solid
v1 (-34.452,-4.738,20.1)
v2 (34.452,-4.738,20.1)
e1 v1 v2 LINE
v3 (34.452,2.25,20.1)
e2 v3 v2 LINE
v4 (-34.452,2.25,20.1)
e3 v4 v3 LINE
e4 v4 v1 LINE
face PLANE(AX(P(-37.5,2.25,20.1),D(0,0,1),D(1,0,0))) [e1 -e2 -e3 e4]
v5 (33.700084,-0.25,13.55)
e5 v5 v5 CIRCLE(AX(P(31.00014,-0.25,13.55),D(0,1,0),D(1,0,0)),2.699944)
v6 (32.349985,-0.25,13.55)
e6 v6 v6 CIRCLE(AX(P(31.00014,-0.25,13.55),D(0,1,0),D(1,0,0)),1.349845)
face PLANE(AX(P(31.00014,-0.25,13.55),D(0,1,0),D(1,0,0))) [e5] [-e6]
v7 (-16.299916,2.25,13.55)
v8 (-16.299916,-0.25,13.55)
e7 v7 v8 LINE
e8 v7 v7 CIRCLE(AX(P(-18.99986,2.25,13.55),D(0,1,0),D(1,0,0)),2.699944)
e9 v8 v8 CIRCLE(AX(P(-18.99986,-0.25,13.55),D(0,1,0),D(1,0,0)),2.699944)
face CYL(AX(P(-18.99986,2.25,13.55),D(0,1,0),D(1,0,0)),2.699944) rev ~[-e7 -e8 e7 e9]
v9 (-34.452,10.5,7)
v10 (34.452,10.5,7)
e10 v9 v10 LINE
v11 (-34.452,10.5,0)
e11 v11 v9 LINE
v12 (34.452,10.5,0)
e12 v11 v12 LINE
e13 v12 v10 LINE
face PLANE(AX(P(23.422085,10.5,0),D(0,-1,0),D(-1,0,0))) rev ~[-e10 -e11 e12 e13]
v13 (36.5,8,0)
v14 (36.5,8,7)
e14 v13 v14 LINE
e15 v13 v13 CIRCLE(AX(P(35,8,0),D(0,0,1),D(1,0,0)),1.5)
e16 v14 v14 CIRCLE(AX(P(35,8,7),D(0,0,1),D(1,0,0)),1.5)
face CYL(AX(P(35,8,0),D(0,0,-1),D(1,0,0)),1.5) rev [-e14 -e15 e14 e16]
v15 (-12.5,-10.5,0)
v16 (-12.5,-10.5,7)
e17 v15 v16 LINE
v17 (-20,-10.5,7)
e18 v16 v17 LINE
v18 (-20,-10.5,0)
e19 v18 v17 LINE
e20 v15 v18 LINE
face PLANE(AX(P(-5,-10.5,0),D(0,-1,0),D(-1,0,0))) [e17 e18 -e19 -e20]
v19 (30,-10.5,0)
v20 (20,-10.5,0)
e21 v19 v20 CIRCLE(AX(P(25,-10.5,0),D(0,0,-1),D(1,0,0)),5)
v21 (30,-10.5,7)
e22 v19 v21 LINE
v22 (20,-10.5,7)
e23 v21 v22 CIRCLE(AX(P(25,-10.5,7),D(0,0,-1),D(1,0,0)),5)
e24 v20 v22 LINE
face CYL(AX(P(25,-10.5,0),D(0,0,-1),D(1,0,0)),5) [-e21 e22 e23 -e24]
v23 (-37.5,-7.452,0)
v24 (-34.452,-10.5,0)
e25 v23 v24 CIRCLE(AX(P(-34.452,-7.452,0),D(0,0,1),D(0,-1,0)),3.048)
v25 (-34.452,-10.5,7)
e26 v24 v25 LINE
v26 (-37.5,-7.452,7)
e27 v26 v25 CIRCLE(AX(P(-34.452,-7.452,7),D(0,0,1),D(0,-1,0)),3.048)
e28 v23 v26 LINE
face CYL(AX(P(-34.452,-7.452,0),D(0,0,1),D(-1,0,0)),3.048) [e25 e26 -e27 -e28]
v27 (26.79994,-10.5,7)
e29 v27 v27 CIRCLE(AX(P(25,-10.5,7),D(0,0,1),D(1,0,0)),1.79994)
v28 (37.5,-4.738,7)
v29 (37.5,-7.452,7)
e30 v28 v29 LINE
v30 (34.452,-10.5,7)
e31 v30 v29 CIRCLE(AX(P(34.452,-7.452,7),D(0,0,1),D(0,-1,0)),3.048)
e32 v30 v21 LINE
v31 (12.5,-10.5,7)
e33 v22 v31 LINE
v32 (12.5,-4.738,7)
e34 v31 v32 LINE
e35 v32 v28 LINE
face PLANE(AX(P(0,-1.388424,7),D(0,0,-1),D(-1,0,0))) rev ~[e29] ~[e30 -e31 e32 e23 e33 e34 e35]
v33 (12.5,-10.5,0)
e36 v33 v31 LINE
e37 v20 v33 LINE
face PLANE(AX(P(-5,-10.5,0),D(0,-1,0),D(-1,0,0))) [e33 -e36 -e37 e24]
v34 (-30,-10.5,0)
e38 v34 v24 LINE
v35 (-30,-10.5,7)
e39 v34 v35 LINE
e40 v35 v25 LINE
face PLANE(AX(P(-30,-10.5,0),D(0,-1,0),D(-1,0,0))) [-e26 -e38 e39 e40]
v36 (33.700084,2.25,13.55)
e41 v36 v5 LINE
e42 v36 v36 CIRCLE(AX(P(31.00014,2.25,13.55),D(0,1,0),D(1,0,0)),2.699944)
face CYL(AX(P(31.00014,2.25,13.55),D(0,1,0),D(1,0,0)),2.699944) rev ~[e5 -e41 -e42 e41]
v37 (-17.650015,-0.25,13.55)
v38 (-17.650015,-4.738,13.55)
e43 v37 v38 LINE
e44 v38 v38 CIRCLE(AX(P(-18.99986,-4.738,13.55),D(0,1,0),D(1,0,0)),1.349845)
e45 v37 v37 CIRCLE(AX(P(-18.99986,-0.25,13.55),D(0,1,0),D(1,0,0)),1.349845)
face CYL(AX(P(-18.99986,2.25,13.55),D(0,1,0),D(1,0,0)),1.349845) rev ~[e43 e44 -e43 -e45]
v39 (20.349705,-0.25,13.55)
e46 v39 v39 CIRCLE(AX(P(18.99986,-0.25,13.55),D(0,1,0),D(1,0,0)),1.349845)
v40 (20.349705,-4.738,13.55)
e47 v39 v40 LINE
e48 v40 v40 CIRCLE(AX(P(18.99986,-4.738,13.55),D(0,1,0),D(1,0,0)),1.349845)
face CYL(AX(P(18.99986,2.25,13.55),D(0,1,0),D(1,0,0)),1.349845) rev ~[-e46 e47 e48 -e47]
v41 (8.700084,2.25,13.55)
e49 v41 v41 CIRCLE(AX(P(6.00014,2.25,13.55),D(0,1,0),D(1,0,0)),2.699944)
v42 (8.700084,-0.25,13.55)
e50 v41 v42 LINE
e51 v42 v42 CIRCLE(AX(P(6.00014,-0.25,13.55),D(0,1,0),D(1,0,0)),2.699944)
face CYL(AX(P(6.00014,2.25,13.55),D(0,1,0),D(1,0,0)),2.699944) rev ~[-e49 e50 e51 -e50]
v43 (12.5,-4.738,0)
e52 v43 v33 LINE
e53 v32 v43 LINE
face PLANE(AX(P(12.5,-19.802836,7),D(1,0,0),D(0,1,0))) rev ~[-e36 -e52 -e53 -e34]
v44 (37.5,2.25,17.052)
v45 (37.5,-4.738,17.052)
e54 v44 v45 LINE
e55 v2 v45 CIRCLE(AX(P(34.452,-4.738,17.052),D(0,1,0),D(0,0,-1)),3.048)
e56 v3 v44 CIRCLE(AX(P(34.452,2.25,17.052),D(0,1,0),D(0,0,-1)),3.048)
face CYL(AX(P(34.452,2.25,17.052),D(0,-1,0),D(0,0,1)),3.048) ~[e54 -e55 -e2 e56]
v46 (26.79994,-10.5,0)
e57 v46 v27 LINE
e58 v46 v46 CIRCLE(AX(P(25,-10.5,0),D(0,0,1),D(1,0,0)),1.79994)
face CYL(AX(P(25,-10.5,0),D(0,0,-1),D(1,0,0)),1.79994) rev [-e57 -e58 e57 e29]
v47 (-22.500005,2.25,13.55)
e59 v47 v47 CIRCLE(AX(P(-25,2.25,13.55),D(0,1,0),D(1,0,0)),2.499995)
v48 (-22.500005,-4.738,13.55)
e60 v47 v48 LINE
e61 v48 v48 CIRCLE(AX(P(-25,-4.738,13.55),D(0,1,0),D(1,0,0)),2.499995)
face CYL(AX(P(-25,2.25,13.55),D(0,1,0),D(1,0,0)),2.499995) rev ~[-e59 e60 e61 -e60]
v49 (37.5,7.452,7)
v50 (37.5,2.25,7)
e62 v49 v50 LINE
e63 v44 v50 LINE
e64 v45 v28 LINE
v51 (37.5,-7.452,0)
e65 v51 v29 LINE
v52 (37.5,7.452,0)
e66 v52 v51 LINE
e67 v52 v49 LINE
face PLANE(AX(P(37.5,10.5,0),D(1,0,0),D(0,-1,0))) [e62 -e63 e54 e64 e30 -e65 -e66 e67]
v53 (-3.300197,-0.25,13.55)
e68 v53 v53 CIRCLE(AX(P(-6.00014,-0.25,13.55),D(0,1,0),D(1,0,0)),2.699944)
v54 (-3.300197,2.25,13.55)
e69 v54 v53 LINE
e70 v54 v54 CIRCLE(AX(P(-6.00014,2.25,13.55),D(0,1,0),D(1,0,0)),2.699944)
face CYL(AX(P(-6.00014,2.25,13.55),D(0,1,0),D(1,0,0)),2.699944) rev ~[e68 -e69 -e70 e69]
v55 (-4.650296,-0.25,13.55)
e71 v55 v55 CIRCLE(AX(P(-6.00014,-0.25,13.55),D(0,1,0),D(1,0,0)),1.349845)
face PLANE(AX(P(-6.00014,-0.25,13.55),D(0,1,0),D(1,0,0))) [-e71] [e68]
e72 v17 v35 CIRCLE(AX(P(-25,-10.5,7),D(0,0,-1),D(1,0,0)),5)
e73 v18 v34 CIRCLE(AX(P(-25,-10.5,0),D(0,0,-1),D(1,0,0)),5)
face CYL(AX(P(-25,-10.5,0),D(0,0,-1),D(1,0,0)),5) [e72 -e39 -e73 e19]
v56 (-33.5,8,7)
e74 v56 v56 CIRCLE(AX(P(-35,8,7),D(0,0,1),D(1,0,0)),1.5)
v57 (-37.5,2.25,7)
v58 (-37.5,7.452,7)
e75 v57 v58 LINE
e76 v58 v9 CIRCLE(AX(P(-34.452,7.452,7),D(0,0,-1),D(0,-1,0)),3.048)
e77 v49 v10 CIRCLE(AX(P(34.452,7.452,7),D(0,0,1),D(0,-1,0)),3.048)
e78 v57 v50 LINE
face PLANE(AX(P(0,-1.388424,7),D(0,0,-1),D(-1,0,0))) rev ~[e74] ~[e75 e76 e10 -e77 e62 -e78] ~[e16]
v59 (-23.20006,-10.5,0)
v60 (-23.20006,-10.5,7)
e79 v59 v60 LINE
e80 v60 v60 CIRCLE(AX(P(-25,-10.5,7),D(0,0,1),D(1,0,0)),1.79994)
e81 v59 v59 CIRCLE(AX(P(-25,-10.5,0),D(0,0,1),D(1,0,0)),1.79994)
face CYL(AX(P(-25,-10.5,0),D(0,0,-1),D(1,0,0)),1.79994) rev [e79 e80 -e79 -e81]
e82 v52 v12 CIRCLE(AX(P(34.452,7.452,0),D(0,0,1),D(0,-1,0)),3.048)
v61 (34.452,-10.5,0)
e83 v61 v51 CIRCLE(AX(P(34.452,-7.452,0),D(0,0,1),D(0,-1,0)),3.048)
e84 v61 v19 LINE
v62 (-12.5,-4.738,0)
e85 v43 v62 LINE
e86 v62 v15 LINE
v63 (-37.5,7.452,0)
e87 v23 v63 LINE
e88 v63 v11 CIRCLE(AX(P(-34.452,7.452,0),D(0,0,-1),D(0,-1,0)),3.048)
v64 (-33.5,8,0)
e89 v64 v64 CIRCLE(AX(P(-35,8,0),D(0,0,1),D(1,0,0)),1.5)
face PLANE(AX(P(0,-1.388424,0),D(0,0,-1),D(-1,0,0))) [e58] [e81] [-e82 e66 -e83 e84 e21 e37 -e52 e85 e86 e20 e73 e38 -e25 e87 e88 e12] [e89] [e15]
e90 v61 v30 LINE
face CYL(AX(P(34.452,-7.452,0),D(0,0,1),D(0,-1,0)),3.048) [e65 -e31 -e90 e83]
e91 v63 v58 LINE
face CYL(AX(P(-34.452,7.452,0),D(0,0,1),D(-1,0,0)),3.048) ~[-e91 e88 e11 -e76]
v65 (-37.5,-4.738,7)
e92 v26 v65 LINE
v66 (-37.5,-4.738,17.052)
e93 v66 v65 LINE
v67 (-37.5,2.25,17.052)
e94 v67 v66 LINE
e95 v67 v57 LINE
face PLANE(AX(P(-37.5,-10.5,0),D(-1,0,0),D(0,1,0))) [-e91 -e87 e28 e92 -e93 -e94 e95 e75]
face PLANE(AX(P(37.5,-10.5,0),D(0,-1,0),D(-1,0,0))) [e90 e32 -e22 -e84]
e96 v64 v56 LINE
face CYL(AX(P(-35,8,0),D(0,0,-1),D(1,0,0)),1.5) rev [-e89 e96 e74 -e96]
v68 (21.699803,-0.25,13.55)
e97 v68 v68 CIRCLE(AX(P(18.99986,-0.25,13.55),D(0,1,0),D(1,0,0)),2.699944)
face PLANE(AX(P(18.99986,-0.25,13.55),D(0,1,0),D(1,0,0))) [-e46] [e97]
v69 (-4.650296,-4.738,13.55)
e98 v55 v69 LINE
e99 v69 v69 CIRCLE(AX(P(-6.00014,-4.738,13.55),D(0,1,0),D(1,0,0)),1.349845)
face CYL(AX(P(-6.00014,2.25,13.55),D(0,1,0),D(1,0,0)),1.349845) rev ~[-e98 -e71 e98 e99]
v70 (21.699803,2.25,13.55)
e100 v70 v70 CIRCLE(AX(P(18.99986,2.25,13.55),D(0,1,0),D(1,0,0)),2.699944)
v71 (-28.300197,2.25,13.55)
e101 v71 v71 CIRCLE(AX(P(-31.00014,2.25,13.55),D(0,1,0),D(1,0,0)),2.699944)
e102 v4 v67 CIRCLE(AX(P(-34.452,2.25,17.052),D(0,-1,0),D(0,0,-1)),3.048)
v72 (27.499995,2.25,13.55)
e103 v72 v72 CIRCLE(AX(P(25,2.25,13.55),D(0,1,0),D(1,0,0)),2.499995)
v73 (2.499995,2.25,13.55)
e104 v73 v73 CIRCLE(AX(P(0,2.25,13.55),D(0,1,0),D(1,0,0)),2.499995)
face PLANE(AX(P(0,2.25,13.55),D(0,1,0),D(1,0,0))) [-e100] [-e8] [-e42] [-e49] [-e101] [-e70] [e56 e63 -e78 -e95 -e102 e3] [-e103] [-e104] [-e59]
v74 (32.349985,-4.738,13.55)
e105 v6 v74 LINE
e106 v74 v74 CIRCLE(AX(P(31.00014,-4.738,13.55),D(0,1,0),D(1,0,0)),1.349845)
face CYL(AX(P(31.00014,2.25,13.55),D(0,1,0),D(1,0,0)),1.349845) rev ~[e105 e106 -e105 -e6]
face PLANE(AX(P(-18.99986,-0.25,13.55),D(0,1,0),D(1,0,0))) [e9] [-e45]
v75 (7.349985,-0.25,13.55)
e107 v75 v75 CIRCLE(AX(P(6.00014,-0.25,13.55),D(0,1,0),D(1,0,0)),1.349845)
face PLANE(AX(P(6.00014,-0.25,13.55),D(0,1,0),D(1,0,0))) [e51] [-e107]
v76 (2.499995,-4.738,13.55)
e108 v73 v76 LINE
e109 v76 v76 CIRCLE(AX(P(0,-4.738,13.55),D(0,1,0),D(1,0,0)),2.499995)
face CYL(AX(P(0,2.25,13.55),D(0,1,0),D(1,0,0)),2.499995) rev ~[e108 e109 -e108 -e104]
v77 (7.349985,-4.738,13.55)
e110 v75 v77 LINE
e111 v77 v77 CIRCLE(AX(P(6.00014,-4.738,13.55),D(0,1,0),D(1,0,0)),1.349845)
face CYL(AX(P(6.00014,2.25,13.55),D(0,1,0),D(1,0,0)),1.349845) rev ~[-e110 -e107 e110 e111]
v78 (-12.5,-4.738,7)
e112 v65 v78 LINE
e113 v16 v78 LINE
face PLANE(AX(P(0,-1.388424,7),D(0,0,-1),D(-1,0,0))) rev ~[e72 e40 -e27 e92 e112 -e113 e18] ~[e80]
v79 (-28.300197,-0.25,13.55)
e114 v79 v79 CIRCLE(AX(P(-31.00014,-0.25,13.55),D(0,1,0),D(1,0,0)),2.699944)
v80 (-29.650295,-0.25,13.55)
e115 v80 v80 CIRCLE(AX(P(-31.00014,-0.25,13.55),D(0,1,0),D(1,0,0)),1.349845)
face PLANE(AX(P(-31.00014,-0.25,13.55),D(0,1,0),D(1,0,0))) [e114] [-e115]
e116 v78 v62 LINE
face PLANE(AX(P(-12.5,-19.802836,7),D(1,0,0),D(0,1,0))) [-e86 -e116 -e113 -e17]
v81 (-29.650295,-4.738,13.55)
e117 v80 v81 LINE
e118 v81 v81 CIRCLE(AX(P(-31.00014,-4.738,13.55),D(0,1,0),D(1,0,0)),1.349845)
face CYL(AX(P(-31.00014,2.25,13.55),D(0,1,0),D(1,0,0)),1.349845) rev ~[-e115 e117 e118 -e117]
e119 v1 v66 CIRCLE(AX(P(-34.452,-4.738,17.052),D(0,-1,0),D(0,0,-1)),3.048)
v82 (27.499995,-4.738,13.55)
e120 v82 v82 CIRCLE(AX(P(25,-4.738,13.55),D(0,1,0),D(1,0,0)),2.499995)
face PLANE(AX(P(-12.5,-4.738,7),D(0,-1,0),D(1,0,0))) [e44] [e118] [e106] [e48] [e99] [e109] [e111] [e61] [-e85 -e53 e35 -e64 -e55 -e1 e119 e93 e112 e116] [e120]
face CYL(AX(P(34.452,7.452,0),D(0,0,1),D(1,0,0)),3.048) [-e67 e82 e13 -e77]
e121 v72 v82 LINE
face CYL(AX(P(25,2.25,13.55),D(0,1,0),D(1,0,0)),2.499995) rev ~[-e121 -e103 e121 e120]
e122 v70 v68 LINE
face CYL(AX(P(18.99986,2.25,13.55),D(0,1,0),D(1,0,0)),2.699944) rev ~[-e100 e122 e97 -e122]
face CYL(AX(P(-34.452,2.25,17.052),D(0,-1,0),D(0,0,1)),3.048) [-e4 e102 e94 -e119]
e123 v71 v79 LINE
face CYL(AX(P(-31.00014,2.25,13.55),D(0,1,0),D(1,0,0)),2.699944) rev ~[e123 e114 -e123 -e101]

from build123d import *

# Parameters (mm, degrees)
SKETCH1_R           = 1.79994
SKETCH1_R_2         = 1.5
BOSS_EXTRUDE1_DEPTH = 7
SKETCH2_W           = 75
SKETCH2_H           = 13.099999962
SKETCH2_R           = 2.6999438
SKETCH2_R_2         = 2.499995
SKETCH2_R_3         = 1.3498449
BOSS_EXTRUDE2_DEPTH = 6.987999994
SKETCH2_3_R         = 2.6999438
SKETCH2_3_R_2       = 1.3498449
CUT_EXTRUDE1_DEPTH  = 2.5
SKETCH7_W           = 45.754771374
SKETCH7_H           = 7.378762064
SKETCH7_W_2         = 5.75825354
SKETCH7_H_2         = 4.98011117
BOSS_EXTRUDE4_DEPTH = 7
SKETCH8_W           = 15.938133918
SKETCH8_H           = 10.613167284
CUT_EXTRUDE3_DEPTH  = 21.288
FILLET3_R           = 3.048
SKETCH4_W           = 25
SKETCH4_H           = 15.064836289
CUT_EXTRUDE2_DEPTH  = 38.822


with BuildPart() as part:
    # Sketch1 → Boss-Extrude1 (new body)
    with BuildSketch(Plane.XY):
        with BuildLine():
            Line((37.5, -10.5), (30, -10.5))
            ThreePointArc((30, -10.5), (25, -15.5), (20, -10.5))
            Line((20, -10.5), (5, -10.5))
            ThreePointArc((5, -10.5), (0, -15.5), (-5, -10.5))
            Line((-5, -10.5), (-20, -10.5))
            ThreePointArc((-20, -10.5), (-25, -15.5), (-30, -10.5))
            Line((-30, -10.5), (-37.5, -10.5))
            Line((-37.5, -10.5), (-37.5, 10.5))
            Line((-37.5, 10.5), (37.5, 10.5))
            Line((37.5, 10.5), (37.5, -10.5))
        make_face()
        with Locations((-25, -10.5)):
            Circle(SKETCH1_R, mode=Mode.SUBTRACT)
        with Locations((0, -10.5)):
            Circle(SKETCH1_R, mode=Mode.SUBTRACT)
        with Locations((25, -10.5)):
            Circle(SKETCH1_R, mode=Mode.SUBTRACT)
        with Locations((-35, 8)):
            Circle(SKETCH1_R_2, mode=Mode.SUBTRACT)
        with Locations((-15, 8)):
            Circle(SKETCH1_R_2, mode=Mode.SUBTRACT)
        with Locations((-10, 8)):
            Circle(SKETCH1_R_2, mode=Mode.SUBTRACT)
        with Locations((10, 8)):
            Circle(SKETCH1_R_2, mode=Mode.SUBTRACT)
        with Locations((35, 8)):
            Circle(SKETCH1_R_2, mode=Mode.SUBTRACT)
        with Locations((15, 8)):
            Circle(SKETCH1_R_2, mode=Mode.SUBTRACT)
    extrude(amount=BOSS_EXTRUDE1_DEPTH)

    # Sketch2 → Boss-Extrude2 (add)
    with BuildSketch(Plane(origin=(0, 2.24999999, 0), x_dir=(1, 0, 0), z_dir=(0, 1, 0))):
        with Locations((0, -13.549999981)):
            Rectangle(SKETCH2_W, SKETCH2_H)
        with Locations((31.0001404, -13.549999981)):
            Circle(SKETCH2_R, mode=Mode.SUBTRACT)
        with Locations((-31.0001404, -13.549999981)):
            Circle(SKETCH2_R, mode=Mode.SUBTRACT)
        with Locations((-25, -13.549999981)):
            Circle(SKETCH2_R_2, mode=Mode.SUBTRACT)
        with Locations((-6.0001404, -13.549999981)):
            Circle(SKETCH2_R, mode=Mode.SUBTRACT)
        with Locations((6.0001404, -13.549999981)):
            Circle(SKETCH2_R, mode=Mode.SUBTRACT)
        with Locations((0, -13.549999981)):
            Circle(SKETCH2_R_2, mode=Mode.SUBTRACT)
        with Locations((-18.9998596, -13.549999981)):
            Circle(SKETCH2_R, mode=Mode.SUBTRACT)
        with Locations((25, -13.549999981)):
            Circle(SKETCH2_R_2, mode=Mode.SUBTRACT)
        with Locations((18.9998596, -13.549999981)):
            Circle(SKETCH2_R, mode=Mode.SUBTRACT)
        with Locations((-31.0001404, -13.549999981)):
            Circle(SKETCH2_R)
        with Locations((-31.0001404, -13.549999981)):
            Circle(SKETCH2_R_3, mode=Mode.SUBTRACT)
        with Locations((-18.9998596, -13.549999981)):
            Circle(SKETCH2_R)
        with Locations((-18.9998596, -13.549999981)):
            Circle(SKETCH2_R_3, mode=Mode.SUBTRACT)
        with Locations((-6.0001404, -13.549999981)):
            Circle(SKETCH2_R)
        with Locations((-6.0001404, -13.549999981)):
            Circle(SKETCH2_R_3, mode=Mode.SUBTRACT)
        with Locations((6.0001404, -13.549999981)):
            Circle(SKETCH2_R)
        with Locations((6.0001404, -13.549999981)):
            Circle(SKETCH2_R_3, mode=Mode.SUBTRACT)
        with Locations((18.9998596, -13.549999981)):
            Circle(SKETCH2_R)
        with Locations((18.9998596, -13.549999981)):
            Circle(SKETCH2_R_3, mode=Mode.SUBTRACT)
        with Locations((31.0001404, -13.549999981)):
            Circle(SKETCH2_R)
        with Locations((31.0001404, -13.549999981)):
            Circle(SKETCH2_R_3, mode=Mode.SUBTRACT)
    extrude(amount=-BOSS_EXTRUDE2_DEPTH)

    # Sketch2<3> → Cut-Extrude1 (cut)
    with BuildSketch(Plane(origin=(0, 2.24999999, 0), x_dir=(1, 0, 0), z_dir=(0, 1, 0))):
        with Locations((-31.0001404, -13.549999981)):
            Circle(SKETCH2_3_R)
        with Locations((-31.0001404, -13.549999981)):
            Circle(SKETCH2_3_R_2, mode=Mode.SUBTRACT)
        with Locations((-18.9998596, -13.549999981)):
            Circle(SKETCH2_3_R)
        with Locations((-18.9998596, -13.549999981)):
            Circle(SKETCH2_3_R_2, mode=Mode.SUBTRACT)
        with Locations((-6.0001404, -13.549999981)):
            Circle(SKETCH2_3_R)
        with Locations((-6.0001404, -13.549999981)):
            Circle(SKETCH2_3_R_2, mode=Mode.SUBTRACT)
        with Locations((6.0001404, -13.549999981)):
            Circle(SKETCH2_3_R)
        with Locations((6.0001404, -13.549999981)):
            Circle(SKETCH2_3_R_2, mode=Mode.SUBTRACT)
        with Locations((18.9998596, -13.549999981)):
            Circle(SKETCH2_3_R)
        with Locations((18.9998596, -13.549999981)):
            Circle(SKETCH2_3_R_2, mode=Mode.SUBTRACT)
        with Locations((31.0001404, -13.549999981)):
            Circle(SKETCH2_3_R)
        with Locations((31.0001404, -13.549999981)):
            Circle(SKETCH2_3_R_2, mode=Mode.SUBTRACT)
    extrude(amount=-CUT_EXTRUDE1_DEPTH, mode=Mode.SUBTRACT)

    # Sketch7 → Boss-Extrude4 (add)
    with BuildSketch(Plane(origin=(0, 0, 0), x_dir=(-1, 0, 0), z_dir=(0, 0, -1))):
        with Locations((-0.544699659, 6.810618968)):
            Rectangle(SKETCH7_W, SKETCH7_H)
        with Locations((-0.155628474, -10.184996596)):
            Rectangle(SKETCH7_W_2, SKETCH7_H_2)
    extrude(amount=-BOSS_EXTRUDE4_DEPTH)

    # Sketch8 → Cut-Extrude3 (cut)
    with BuildSketch(Plane.XY.offset(7)):
        with Locations((2.969066959, -15.806583642)):
            Rectangle(SKETCH8_W, SKETCH8_H)
    extrude(amount=-CUT_EXTRUDE3_DEPTH, mode=Mode.SUBTRACT)

    # Fillet3
    fillet3_edges = [part.edges().sort_by_distance(p)[0] for p in [
        (-37.5, 10.5, 3.5),
        (37.5, 10.5, 3.5),
        (37.5, -10.5, 3.5),
        (-37.5, -10.5, 3.5),
        (37.5, -1.244000007, 20.099999962),
        (-37.5, -1.244000007, 20.099999962),
    ]]
    fillet(fillet3_edges, radius=FILLET3_R)

    # Sketch4 → Cut-Extrude2 (cut)
    with BuildSketch(Plane.XY.offset(7)):
        with Locations((0, -12.270418149)):
            Rectangle(SKETCH4_W, SKETCH4_H)
    extrude(amount=-CUT_EXTRUDE2_DEPTH, mode=Mode.SUBTRACT)


solid = part.part
